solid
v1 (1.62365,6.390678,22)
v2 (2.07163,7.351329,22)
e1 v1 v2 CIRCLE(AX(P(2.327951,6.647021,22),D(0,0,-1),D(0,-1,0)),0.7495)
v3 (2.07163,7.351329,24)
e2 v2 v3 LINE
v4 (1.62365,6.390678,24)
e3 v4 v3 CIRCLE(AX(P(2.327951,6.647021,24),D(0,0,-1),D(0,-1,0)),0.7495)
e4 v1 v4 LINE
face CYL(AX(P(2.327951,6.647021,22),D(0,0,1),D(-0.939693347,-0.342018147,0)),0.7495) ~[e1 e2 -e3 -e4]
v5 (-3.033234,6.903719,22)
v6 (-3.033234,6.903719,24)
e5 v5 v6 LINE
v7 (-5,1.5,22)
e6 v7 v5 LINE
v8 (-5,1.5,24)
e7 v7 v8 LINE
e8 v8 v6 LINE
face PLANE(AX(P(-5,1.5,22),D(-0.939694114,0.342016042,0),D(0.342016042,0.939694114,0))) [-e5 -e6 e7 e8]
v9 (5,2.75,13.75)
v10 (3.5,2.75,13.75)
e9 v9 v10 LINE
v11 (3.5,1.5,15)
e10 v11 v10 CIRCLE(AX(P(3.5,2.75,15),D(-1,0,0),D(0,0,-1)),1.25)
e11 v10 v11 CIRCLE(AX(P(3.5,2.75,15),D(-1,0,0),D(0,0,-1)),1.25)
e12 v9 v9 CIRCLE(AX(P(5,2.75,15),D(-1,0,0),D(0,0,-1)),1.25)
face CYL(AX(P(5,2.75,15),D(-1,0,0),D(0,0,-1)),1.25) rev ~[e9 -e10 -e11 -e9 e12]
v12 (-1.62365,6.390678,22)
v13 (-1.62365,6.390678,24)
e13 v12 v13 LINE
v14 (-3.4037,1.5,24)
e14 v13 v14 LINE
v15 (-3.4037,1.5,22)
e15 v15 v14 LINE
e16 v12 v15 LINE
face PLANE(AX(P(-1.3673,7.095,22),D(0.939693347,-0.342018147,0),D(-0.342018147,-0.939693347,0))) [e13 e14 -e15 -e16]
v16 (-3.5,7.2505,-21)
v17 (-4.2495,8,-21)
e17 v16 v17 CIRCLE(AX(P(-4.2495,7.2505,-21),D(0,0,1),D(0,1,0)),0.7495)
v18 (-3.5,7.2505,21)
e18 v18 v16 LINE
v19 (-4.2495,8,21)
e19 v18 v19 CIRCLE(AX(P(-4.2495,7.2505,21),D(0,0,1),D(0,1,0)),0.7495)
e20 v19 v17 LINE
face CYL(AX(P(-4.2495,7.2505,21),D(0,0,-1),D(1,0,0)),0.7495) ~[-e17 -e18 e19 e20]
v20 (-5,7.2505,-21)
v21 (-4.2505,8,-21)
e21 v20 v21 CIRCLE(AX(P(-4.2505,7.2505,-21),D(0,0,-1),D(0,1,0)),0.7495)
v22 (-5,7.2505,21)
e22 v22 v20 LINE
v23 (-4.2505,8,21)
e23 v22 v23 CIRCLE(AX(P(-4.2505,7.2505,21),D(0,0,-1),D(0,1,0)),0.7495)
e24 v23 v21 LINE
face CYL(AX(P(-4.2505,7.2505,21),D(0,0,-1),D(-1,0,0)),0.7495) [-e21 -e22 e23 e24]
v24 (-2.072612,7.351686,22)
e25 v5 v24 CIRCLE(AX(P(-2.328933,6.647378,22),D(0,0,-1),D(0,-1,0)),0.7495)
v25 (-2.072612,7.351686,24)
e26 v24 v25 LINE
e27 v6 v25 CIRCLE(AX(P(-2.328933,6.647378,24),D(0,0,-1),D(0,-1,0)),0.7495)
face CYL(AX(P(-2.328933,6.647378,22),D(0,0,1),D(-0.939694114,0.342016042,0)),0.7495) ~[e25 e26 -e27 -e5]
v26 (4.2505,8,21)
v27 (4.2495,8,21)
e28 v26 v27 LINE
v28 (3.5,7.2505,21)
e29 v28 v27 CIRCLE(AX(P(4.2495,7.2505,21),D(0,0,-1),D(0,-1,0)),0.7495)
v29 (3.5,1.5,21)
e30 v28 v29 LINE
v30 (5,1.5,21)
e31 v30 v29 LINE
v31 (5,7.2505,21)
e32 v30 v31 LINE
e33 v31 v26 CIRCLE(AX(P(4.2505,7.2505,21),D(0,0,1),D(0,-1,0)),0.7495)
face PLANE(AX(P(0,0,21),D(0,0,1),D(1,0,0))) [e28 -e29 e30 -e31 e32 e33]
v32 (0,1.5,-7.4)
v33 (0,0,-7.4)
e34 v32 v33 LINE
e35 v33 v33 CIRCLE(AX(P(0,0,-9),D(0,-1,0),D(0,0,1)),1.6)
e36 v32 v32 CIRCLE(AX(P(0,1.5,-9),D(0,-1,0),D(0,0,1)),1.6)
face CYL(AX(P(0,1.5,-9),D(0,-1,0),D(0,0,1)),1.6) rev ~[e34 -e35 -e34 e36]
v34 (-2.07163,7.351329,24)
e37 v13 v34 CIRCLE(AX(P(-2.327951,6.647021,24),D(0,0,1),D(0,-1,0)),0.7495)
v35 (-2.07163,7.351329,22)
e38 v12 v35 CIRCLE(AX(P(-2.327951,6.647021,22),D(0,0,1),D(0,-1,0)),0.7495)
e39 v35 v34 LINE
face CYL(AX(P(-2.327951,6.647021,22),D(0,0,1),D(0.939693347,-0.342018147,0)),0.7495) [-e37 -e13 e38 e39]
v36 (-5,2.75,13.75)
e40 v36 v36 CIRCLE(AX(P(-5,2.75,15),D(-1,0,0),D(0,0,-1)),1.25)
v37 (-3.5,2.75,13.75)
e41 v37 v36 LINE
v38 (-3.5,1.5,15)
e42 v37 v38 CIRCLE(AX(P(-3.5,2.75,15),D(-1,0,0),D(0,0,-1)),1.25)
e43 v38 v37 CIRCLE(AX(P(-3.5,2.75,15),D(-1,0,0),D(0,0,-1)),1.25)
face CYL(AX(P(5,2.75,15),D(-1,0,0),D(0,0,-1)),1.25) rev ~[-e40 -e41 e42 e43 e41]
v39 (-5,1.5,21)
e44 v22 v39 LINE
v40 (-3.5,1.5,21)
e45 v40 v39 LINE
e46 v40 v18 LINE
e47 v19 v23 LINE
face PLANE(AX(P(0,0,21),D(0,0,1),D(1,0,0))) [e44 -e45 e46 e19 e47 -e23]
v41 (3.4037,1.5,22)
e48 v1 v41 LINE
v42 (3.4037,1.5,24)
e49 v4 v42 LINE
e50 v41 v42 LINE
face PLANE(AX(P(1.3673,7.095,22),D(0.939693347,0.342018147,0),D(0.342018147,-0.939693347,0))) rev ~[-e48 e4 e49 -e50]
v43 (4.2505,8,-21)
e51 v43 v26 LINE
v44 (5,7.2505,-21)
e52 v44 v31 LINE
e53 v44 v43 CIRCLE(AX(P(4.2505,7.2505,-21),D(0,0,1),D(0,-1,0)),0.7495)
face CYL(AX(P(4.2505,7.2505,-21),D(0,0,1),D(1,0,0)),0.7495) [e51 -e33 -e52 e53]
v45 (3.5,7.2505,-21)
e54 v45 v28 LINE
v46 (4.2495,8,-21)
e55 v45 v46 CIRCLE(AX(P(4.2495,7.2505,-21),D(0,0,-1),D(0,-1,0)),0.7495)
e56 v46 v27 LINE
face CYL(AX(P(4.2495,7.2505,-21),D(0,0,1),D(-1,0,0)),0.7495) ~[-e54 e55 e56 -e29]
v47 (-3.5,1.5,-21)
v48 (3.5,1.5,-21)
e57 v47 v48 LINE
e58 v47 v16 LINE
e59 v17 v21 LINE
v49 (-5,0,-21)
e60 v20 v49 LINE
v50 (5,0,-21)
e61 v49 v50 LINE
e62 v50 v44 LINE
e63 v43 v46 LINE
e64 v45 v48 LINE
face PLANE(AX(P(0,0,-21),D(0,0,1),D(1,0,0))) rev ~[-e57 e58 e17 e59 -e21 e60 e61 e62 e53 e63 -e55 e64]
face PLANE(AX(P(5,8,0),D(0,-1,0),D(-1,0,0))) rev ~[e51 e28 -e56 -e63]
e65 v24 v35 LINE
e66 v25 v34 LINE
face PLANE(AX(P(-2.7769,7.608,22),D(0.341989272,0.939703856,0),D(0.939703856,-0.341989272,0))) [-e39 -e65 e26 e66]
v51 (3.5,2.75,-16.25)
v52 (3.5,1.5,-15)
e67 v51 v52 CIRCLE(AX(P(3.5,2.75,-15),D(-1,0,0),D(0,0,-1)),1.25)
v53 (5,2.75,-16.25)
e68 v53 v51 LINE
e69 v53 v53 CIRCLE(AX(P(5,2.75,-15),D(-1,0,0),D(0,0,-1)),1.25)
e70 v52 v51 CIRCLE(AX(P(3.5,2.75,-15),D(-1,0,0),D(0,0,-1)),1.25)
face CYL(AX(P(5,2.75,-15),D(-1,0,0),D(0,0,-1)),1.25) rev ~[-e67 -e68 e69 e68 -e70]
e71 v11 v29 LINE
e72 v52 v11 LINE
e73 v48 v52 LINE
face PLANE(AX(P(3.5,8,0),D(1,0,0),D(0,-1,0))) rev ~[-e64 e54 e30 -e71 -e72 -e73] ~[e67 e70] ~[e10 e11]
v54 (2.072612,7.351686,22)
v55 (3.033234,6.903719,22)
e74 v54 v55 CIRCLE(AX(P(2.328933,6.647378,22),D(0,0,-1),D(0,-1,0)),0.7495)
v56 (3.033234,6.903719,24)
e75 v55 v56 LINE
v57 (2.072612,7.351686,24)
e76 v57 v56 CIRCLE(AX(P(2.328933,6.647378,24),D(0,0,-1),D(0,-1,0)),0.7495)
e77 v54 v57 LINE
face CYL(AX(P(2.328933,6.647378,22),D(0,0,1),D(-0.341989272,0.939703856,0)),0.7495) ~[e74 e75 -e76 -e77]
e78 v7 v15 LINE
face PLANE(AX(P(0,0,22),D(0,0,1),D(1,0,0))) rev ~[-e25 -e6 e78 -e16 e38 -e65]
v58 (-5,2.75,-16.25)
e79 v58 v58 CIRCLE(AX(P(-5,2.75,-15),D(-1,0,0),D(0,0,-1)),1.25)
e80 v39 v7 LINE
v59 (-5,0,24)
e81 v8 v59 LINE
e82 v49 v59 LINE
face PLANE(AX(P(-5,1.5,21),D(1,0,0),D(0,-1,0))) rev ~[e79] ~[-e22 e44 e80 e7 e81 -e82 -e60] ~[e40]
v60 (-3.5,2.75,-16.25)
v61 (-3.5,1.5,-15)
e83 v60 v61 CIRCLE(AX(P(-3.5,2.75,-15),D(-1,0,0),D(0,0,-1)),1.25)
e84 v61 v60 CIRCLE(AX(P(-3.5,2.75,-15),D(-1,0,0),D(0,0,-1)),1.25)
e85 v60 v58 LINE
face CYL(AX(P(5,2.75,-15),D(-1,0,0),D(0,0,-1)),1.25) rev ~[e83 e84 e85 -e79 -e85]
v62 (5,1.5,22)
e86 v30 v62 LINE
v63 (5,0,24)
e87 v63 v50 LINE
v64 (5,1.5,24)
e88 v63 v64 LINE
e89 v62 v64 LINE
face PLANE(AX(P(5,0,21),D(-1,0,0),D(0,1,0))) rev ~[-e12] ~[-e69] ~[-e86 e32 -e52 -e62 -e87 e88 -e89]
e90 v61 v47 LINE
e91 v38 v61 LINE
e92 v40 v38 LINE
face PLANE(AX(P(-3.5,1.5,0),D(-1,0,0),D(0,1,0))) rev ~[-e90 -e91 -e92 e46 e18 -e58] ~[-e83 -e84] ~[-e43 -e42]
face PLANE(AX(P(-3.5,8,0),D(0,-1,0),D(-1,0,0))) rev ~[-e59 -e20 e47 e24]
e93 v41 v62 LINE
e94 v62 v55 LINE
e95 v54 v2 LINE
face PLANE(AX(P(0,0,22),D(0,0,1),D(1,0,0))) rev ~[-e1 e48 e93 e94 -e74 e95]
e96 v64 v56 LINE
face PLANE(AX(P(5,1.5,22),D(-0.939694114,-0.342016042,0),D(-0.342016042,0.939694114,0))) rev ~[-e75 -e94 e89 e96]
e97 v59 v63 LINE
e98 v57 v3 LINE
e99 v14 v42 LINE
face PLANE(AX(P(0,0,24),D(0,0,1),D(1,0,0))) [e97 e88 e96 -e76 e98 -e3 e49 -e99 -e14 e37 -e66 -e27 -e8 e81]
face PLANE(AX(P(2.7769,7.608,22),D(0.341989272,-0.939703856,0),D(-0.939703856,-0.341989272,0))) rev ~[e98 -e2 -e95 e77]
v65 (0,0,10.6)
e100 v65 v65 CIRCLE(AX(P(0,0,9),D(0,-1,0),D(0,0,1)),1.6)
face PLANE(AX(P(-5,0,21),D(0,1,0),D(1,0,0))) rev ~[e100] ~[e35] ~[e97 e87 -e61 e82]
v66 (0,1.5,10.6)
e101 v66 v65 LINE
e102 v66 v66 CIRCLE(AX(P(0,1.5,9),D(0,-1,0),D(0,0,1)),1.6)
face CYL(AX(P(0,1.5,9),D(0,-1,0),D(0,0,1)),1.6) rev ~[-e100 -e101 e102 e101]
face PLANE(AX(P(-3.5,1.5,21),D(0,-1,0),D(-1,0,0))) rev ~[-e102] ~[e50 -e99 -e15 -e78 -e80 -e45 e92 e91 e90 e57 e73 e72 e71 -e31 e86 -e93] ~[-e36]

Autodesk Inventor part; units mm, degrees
ref_plane "YZ Plane" through (0, 0, 0) normal (1, 0, 0) x (0, 1, 0)
ref_plane "XZ Plane" through (0, 0, 0) normal (0, 1, 0) x (-1, 0, 0)
ref_plane "XY Plane" through (0, 0, 0) normal (0, 0, 1) x (1, 0, 0)
sketch "Náčrt1" plane through (0, 0, 0) normal (0, 0, 1) x (1, 0, 0)
  line L0 (-7, 0) -> (7, 0) projected
  line L1 (0, 9.6) -> (0, -1.6) projected
  line L2 (-5, 8) -> (-5, 0)
  line L3 (-5, 0) -> (5, 0)
  line L4 (5, 0) -> (5, 8)
  line L5 (5, 8) -> (3.5, 8)
  line L6 (3.5, 8) -> (3.5, 1.5)
  line L7 (3.5, 1.5) -> (-3.5, 1.5)
  line L8 (-3.5, 1.5) -> (-3.5, 8)
  line L9 (-3.5, 8) -> (-5, 8)
  point P0 (0, 0)
  point P1 (-5, 0)
  dimension "d0" = 1.5
  dimension "d1" = 1.5
  dimension "d2" = 1.5
  dimension "d3" = 10
  dimension "d4" = 8
  dimension "d5" = 8
extrude "Vysunutí1" add sketch "Náčrt1" along normal mid plane 42
sketch "Náčrt2" plane through (0, 0, 21) normal (0, 0, 1) x (1, 0, 0)
  line L0 (-5, 8) -> (-5, 0) projected
  line L1 (-5, 0) -> (5, 0) projected
  line L2 (5, 0) -> (5, 8) projected
  line L3 (5, 8) -> (3.5, 8) projected
  line L4 (3.5, 8) -> (3.5, 1.5) projected
  line L5 (3.5, 1.5) -> (-3.5, 1.5) projected
  line L6 (-3.5, 1.5) -> (-3.5, 8) projected
  line L7 (-3.5, 8) -> (-5, 8) projected
  line L8 (-5, 0) -> (5, 0)
  line L9 (5, 0) -> (5, 1.5)
  line L10 (5, 1.5) -> (-5, 1.5)
  line L11 (-5, 1.5) -> (-5, 0)
  point P0 (0, 0)
extrude "Vysunutí2" add sketch "Náčrt2" along normal blind 1 contours L10 L5 L2 L1 L0
sketch "Náčrt3" plane through (0, 0, 22) normal (0, 0, 1) x (1, 0, 0)
  line L0 (-5, 1.5) -> (-5, 0) projected
  line L1 (-5, 0) -> (5, 0) projected
  line L2 (5, 0) -> (5, 1.5) projected
  line L3 (5, 1.5) -> (-5, 1.5) projected
  line L4 (5, 1.5) -> (5, 0)
  line L5 (5, 0) -> (-5, 0) projected
  line L6 (5, 0) -> (-5, 0)
  line L7 (-5, 0) -> (-5, 1.5)
  line L8 (-5, 1.5) -> (-2.7769, 7.608)
  line L9 (-5, 1.5) -> (1.5, 1.5) construction
  line L10 (-2.7769, 7.608) -> (-1.3673, 7.095)
  line L11 (-1.3673, 7.095) -> (-3.4037, 1.5)
  line L12 (0, 9.6) -> (0, -1.6) projected
  line L13 (5, 1.5) -> (2.7769, 7.608)
  line L14 (2.7769, 7.608) -> (1.3673, 7.095)
  line L15 (1.3673, 7.095) -> (3.4037, 1.5)
  line L16 (-3.4037, 1.5) -> (3.4037, 1.5)
  point P0 (0, 0)
  dimension "d10" = 6.5
  dimension "d11" = 70
  dimension "d12" = 1.5
extrude "Vysunutí3" add sketch "Náčrt3" along normal blind 2
fillet "Zaoblení1" radius 0.75 8 edges at (-5, 8, 0) (-3.5, 8, 0) (3.5, 8, 0) (5, 8, 0) (1.3673, 7.095, 23) (2.7769, 7.608, 23) (-2.7769, 7.608, 23) (-1.3673, 7.095, 23)
sketch "Náčrt4" plane through (5, 0, 24) normal (1, 0, 0) x (0, 0, -1)
  line L0 (3, 7.25) -> (45, 7.25) projected
  line L1 (3, 1.5) -> (3, 7.25) projected
  line L2 (3, 1.5) -> (2, 1.5) projected
  line L3 (2, 1.5) -> (0, 1.5) projected
  line L4 (0, 0) -> (0, 1.5) projected
  line L5 (45, 0) -> (0, 0) projected
  line L6 (45, 7.25) -> (45, 0) projected
  point P0 (24, 0)
  point P1 (9, 2.75)
  point P2 (39, 2.75)
  dimension "d16" = 2.75
  dimension "d17" = 2.75
  dimension "d18" = 6
  dimension "d19" = 30
hole "Díra1" at (5, 2.75, 15) at (5, 2.75, -15) direction (-1, 0, 0) diameter 2.5 end through all
sketch "Náčrt5" plane through (-3.5, 1.5, -21) normal (0, 1, 0) x (1, 0, 0)
  line L0 (7, 0) -> (7, -6) projected
  line L1 (0, 0) -> (7, 0) projected
  line L2 (0, 0) -> (0, -6) projected
  line L3 (0, -6) -> (0, -36) projected
  line L4 (0, -36) -> (0, -42) projected
  line L5 (-1.5, -42) -> (0, -42) projected
  line L6 (-1.5, -42) -> (-1.5, -43) projected
  line L7 (0.0963, -43) -> (-1.5, -43) projected
  line L8 (0.0963, -43) -> (0.0963, -45) projected
  line L9 (6.9037, -45) -> (0.0963, -45) projected
  line L10 (6.9037, -43) -> (6.9037, -45) projected
  line L11 (8.5, -43) -> (6.9037, -43) projected
  line L12 (8.5, -42) -> (8.5, -43) projected
  line L13 (7, -42) -> (8.5, -42) projected
  line L14 (7, -36) -> (7, -42) projected
  line L15 (7, -6) -> (7, -36) projected
  line L16 (10.5, -21) -> (-3.5, -21) projected
  line L17 (3.5, 9) -> (3.5, -54) projected
  point P0 (3.5, -21)
  point P1 (3.5, -12)
  point P2 (3.5, -30)
  dimension "d27" = 12
  dimension "d28" = 18
hole "Díra2" at (0, 1.5, -9) at (0, 1.5, 9) direction (0, -1, 0) diameter 3.2 end through all
properties part number "x_holder" material "Hliník 6061"
